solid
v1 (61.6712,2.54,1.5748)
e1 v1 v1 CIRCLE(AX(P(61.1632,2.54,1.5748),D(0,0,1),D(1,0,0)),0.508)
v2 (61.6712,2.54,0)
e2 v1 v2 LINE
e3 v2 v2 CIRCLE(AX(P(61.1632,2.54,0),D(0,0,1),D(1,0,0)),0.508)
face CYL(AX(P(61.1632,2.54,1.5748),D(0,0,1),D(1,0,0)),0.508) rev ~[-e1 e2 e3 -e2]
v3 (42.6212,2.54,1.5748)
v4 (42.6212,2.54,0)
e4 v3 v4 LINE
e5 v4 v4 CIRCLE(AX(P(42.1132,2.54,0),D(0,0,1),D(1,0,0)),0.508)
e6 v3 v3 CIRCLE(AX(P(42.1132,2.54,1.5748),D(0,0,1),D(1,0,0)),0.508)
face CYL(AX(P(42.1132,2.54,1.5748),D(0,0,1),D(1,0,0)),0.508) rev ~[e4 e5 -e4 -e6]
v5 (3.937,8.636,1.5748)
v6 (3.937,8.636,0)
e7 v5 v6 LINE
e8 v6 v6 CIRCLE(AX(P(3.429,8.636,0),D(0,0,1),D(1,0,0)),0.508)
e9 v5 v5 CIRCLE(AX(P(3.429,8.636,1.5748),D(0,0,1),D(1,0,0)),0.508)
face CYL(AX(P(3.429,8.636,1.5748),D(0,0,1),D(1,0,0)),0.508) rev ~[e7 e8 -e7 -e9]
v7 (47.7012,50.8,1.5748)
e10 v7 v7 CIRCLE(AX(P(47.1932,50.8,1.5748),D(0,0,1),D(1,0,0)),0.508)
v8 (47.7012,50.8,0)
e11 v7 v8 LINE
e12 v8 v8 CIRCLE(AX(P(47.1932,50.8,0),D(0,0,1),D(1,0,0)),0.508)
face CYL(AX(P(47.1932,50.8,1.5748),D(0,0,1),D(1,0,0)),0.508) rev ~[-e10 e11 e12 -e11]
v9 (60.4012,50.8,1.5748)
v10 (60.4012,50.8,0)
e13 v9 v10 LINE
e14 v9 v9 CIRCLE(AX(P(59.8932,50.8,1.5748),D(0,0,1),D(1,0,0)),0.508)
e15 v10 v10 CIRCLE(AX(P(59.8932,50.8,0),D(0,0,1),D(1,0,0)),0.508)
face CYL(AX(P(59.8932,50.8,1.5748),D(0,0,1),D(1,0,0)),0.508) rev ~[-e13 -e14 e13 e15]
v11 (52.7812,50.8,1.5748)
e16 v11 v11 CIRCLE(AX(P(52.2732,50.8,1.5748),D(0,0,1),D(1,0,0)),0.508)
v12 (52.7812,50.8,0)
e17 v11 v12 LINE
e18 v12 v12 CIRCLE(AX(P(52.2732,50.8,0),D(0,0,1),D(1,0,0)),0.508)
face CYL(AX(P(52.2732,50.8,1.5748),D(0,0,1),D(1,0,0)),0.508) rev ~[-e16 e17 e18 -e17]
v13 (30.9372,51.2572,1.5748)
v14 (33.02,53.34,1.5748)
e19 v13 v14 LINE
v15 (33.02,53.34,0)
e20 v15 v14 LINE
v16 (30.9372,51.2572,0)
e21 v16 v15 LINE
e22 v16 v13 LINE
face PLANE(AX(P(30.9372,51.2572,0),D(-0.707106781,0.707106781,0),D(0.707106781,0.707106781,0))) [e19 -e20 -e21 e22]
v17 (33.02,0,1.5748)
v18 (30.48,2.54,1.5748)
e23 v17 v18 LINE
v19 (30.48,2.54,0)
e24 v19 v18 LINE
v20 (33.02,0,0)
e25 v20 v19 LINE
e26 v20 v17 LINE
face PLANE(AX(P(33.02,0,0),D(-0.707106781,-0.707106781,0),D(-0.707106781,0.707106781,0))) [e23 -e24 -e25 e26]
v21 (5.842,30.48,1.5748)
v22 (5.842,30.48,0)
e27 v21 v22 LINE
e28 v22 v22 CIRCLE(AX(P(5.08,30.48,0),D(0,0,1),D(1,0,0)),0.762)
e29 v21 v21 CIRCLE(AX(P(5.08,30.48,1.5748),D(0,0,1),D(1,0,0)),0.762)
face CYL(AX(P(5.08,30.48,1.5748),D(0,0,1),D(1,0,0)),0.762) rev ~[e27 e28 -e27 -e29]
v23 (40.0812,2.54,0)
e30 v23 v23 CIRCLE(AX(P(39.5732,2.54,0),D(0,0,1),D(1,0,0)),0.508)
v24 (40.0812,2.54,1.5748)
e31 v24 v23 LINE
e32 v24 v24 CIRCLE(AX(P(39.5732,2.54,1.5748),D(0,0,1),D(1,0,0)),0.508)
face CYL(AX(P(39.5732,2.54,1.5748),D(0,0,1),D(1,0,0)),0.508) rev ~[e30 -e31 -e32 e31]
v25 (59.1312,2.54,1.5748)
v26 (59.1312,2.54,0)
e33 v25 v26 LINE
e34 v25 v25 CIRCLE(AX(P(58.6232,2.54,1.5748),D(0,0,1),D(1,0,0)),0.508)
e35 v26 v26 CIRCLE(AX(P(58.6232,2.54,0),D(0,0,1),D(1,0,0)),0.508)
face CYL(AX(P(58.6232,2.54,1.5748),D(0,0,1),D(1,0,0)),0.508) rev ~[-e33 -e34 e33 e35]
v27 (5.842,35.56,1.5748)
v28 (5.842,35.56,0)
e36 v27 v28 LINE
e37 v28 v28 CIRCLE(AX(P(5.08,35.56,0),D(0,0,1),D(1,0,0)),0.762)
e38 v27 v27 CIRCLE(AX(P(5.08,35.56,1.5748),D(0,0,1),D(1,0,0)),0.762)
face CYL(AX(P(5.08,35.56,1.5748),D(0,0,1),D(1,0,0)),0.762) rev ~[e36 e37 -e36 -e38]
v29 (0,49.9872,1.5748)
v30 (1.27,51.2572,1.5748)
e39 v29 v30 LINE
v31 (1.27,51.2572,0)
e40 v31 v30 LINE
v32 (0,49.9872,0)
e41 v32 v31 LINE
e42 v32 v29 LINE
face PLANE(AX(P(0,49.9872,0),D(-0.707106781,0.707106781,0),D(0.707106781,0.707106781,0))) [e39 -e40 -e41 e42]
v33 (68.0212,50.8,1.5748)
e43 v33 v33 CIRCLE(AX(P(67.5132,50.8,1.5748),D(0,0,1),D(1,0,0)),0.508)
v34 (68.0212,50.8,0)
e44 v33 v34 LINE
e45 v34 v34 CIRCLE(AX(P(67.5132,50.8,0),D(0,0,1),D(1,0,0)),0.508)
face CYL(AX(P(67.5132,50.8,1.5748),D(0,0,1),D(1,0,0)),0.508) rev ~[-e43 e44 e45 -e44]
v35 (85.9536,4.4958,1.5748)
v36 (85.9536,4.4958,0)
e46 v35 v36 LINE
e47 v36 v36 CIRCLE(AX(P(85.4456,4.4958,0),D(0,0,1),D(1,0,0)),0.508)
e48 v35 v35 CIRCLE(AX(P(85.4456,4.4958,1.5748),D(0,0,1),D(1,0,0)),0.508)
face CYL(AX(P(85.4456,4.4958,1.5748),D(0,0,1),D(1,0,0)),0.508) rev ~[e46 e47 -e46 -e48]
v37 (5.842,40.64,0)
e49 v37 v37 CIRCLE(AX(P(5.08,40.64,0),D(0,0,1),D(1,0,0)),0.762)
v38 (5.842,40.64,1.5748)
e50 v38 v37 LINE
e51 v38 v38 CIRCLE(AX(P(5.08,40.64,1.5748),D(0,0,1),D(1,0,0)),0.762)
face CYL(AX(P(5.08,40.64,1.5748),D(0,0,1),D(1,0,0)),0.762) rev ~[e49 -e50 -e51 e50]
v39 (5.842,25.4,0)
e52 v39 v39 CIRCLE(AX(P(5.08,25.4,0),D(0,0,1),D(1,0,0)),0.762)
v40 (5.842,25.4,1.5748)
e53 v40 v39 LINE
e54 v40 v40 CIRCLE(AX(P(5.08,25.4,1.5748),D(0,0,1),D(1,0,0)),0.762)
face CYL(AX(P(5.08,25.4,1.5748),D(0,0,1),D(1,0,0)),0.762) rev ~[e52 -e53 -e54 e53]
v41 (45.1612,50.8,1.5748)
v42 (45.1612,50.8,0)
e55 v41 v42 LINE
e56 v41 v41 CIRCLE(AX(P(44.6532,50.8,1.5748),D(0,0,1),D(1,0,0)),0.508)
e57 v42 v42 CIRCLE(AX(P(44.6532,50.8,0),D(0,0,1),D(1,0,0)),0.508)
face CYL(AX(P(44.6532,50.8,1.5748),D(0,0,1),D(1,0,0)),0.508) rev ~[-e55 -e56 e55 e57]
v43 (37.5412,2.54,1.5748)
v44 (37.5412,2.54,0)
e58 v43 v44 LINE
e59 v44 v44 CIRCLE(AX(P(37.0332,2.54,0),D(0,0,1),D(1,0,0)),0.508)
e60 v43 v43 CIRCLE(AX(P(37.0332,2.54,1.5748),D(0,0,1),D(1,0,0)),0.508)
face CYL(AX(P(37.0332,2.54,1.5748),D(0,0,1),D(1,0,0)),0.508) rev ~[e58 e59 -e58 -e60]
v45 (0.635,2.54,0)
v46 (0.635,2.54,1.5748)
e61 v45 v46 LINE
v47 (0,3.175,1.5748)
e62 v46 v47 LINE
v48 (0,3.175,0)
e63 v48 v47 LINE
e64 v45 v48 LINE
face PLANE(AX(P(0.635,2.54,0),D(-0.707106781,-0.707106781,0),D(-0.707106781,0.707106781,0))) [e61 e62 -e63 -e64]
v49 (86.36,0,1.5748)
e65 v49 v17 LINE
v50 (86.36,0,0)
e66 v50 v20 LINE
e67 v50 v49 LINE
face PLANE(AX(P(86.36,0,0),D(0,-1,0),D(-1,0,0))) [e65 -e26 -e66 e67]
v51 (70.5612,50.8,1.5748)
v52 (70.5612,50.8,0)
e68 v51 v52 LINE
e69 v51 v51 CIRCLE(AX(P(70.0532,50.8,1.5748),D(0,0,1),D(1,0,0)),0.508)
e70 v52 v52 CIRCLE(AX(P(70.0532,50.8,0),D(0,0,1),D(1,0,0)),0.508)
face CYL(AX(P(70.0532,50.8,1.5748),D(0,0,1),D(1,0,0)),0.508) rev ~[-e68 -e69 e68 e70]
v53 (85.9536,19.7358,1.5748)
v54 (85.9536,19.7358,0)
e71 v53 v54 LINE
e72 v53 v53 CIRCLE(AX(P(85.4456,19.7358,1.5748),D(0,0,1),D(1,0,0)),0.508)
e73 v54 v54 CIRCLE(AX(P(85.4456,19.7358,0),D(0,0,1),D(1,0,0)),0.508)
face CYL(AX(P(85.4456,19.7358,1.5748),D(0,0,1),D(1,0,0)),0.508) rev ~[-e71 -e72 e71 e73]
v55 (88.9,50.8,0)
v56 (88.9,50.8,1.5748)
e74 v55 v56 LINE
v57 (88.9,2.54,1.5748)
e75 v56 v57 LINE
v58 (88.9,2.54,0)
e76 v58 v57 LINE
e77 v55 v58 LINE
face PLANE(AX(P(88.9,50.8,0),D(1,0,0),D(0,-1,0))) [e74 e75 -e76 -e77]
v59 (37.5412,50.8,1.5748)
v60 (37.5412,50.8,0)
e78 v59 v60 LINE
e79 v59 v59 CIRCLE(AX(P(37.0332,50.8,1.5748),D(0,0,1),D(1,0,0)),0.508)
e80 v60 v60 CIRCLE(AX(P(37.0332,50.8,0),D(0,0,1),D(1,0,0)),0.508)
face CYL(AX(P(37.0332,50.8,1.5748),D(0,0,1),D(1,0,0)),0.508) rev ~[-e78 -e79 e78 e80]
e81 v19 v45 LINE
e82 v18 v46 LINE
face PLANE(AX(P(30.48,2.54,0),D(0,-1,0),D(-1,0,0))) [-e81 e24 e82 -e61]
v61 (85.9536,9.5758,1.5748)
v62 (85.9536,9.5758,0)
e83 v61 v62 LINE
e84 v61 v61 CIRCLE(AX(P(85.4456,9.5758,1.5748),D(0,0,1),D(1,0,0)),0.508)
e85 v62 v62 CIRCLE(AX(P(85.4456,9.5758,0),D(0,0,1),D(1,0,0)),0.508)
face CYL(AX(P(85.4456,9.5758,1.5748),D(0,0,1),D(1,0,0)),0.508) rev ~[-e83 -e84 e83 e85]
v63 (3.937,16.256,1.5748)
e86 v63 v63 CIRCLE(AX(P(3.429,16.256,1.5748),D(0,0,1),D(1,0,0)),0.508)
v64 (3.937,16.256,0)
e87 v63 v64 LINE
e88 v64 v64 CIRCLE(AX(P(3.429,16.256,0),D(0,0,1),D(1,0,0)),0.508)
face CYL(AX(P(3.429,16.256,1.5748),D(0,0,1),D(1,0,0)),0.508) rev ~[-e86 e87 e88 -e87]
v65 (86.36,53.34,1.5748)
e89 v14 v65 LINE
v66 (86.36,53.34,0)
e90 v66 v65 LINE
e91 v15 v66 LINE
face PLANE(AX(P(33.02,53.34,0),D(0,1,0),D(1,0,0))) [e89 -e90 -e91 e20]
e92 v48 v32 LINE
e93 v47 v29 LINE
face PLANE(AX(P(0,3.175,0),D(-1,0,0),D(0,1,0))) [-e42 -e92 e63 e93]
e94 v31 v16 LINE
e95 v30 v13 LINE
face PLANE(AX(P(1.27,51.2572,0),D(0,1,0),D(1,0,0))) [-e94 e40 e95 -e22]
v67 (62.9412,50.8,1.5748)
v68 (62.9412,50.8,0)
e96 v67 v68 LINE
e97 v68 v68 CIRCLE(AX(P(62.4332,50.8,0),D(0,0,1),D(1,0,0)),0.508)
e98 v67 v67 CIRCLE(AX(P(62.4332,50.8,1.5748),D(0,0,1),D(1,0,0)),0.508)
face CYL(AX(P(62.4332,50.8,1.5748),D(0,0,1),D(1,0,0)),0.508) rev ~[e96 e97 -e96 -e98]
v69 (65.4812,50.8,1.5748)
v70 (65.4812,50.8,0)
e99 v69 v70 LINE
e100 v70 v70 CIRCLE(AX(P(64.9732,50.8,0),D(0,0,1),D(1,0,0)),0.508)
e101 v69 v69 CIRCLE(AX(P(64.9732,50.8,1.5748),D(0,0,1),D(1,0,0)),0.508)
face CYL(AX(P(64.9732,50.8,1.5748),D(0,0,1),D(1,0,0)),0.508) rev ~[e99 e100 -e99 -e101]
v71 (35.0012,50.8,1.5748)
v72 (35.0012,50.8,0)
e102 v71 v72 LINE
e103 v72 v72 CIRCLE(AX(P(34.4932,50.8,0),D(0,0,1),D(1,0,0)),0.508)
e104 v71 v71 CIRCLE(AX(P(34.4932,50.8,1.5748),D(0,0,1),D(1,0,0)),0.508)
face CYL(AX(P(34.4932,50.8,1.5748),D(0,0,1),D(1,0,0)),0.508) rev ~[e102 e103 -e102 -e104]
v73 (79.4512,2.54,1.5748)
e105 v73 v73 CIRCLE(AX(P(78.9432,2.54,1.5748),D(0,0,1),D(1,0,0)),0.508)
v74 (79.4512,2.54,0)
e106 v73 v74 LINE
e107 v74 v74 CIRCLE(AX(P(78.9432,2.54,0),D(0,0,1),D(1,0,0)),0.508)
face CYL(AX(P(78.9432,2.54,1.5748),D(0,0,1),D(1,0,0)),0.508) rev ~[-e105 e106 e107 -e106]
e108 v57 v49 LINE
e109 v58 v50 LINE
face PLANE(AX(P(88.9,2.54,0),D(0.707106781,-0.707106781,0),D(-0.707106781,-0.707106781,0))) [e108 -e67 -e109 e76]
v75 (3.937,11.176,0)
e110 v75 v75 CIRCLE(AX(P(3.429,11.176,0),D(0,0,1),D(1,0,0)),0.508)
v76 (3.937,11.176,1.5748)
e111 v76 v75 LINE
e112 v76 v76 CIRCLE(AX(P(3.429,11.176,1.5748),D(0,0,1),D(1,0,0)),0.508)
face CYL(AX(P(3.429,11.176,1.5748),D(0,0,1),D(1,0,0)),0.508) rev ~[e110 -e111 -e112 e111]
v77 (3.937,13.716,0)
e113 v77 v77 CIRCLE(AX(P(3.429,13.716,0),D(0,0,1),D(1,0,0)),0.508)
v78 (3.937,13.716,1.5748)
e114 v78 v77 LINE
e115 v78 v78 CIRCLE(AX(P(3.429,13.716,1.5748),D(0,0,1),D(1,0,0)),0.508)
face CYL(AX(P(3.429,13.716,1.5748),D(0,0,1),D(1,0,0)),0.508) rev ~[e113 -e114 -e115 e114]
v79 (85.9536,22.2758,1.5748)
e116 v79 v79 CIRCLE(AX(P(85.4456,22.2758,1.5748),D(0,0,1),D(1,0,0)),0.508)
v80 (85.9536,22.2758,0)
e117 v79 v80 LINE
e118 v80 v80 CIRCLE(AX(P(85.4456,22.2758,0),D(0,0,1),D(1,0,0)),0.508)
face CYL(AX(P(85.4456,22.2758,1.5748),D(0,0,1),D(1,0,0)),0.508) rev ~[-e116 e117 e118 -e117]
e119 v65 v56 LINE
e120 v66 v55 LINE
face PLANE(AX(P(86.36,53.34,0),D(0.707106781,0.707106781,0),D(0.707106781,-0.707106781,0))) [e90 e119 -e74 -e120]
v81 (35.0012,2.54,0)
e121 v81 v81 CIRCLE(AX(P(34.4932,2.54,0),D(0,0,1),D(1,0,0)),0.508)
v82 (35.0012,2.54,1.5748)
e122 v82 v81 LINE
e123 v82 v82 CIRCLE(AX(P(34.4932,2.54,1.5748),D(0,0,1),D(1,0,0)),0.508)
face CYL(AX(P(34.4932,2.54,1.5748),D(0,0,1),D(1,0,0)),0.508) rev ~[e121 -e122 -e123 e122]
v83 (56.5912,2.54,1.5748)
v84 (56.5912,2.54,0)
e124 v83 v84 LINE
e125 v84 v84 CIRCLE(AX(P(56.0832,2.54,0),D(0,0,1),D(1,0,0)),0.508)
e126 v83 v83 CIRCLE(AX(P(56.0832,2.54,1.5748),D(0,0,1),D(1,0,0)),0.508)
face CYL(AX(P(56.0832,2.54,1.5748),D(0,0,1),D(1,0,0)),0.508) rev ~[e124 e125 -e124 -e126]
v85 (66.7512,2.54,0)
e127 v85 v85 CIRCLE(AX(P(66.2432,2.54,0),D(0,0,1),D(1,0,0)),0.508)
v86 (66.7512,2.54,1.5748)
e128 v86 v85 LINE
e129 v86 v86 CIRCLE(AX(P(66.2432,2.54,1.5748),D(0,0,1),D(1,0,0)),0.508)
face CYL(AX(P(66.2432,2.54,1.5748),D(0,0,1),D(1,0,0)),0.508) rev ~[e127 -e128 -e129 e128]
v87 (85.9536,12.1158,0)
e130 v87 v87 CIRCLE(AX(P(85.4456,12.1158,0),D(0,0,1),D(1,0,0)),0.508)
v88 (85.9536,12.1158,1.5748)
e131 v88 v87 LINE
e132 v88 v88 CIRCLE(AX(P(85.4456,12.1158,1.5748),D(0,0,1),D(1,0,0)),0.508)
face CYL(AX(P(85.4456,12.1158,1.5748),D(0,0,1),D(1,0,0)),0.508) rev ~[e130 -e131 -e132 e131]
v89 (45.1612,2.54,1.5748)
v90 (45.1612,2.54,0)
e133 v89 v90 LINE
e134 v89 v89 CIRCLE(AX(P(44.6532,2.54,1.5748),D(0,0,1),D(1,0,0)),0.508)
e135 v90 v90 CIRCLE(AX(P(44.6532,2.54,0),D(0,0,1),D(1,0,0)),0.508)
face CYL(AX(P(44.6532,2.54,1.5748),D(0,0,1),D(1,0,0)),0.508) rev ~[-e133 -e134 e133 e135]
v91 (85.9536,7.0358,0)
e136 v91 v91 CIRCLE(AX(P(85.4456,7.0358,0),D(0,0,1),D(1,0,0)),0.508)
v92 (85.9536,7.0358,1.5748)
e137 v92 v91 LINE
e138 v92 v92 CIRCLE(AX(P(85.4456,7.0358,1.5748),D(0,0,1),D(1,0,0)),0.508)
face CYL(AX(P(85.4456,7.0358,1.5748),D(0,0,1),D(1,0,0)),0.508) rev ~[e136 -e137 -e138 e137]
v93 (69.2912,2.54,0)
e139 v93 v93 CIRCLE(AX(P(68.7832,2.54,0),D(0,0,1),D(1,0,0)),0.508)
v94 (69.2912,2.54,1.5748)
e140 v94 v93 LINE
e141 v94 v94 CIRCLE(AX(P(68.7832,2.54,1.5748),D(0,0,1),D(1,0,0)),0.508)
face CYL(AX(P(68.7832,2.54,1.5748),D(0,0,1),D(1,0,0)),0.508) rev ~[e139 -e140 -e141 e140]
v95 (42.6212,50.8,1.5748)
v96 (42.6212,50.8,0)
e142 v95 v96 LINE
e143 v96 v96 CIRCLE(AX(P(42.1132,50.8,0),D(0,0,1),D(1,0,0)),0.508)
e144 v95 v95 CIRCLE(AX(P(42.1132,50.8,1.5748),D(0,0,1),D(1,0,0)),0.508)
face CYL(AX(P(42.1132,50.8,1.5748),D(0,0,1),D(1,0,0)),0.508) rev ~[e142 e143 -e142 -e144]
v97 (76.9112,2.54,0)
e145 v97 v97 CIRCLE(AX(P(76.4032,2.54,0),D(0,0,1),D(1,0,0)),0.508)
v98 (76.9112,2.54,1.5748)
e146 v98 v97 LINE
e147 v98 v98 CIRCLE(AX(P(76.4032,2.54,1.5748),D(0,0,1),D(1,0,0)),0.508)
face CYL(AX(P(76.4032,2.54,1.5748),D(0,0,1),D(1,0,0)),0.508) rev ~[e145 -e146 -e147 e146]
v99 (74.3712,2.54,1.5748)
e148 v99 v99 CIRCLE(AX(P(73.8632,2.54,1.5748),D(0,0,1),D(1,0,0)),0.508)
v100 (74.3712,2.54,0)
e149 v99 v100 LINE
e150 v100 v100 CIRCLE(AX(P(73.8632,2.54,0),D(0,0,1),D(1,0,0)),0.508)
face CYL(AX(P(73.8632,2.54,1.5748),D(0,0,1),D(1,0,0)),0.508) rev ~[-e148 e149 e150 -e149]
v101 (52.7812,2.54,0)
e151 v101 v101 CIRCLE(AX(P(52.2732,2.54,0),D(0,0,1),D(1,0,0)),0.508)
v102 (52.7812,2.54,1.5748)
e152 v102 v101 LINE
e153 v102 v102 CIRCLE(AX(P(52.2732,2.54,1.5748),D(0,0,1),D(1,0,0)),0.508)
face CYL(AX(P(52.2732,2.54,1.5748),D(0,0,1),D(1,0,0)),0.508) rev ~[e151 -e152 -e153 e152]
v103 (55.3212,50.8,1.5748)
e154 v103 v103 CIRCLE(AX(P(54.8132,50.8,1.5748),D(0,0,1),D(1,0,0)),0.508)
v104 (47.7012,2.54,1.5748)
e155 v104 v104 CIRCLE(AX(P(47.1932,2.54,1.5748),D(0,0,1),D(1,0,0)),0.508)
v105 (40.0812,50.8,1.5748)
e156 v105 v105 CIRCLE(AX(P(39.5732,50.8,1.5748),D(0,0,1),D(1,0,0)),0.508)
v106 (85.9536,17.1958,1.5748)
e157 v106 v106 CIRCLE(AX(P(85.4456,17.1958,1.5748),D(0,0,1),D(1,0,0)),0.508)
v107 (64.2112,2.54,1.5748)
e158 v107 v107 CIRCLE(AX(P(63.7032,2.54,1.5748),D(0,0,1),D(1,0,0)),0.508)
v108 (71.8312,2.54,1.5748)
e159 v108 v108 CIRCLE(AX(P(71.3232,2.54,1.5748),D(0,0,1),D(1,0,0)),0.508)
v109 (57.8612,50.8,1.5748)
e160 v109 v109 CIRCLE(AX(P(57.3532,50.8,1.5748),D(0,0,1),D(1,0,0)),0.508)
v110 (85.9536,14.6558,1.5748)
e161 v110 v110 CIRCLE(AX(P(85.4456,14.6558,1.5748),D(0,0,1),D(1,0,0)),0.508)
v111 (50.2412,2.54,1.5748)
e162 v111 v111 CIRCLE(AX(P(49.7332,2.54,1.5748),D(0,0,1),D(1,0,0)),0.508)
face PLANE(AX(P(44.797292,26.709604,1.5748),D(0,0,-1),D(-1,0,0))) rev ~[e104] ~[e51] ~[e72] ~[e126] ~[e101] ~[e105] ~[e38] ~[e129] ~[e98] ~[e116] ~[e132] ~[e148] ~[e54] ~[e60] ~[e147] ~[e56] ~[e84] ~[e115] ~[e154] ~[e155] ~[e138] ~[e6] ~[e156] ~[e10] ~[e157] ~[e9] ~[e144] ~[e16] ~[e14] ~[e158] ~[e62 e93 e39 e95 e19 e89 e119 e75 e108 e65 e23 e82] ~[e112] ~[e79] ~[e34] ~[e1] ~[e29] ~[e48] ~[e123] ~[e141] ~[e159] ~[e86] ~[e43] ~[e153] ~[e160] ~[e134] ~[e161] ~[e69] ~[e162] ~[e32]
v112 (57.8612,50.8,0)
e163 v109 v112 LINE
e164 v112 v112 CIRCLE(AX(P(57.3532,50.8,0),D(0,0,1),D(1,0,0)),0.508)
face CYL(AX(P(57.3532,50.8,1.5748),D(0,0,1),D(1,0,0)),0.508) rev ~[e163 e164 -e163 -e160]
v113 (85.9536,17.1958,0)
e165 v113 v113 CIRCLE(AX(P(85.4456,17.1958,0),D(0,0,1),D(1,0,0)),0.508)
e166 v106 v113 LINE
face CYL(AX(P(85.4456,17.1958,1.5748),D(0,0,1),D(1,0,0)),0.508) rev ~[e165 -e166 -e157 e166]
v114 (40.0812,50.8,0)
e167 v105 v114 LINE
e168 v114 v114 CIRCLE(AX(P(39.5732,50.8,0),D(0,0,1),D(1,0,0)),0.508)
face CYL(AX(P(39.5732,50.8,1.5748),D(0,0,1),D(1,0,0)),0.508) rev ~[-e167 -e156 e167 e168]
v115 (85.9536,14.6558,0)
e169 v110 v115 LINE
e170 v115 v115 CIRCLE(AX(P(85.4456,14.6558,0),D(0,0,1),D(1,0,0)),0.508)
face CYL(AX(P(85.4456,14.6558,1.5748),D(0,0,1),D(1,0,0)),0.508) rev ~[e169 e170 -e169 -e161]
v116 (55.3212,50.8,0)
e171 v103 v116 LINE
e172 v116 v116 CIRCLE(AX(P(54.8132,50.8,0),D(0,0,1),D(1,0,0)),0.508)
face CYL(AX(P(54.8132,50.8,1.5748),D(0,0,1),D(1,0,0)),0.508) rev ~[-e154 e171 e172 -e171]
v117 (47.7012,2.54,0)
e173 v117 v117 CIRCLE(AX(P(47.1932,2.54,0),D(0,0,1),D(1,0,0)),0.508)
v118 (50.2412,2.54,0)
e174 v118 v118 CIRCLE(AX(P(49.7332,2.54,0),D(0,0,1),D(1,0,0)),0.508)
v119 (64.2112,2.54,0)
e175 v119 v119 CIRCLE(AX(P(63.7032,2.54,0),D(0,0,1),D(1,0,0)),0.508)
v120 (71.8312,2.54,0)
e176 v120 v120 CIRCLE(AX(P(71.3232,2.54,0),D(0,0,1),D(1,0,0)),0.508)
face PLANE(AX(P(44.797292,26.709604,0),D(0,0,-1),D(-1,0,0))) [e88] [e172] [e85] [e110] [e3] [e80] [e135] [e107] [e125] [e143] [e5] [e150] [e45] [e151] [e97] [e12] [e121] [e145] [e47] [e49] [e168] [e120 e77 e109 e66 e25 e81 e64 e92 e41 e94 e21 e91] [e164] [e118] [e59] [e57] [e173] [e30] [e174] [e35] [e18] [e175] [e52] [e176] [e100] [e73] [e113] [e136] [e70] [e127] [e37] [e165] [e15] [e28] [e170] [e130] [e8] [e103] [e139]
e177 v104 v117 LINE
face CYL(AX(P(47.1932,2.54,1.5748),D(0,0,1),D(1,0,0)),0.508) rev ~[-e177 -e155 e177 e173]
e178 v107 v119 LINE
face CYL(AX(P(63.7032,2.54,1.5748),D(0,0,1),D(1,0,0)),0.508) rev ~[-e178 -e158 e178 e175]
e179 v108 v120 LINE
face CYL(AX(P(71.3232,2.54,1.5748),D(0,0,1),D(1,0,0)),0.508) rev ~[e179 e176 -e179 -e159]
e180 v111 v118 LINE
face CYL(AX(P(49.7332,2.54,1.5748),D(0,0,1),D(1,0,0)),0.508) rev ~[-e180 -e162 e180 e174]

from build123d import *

# Parameters (mm, degrees)
BOSS_EXTRUDE1_DEPTH = 1.5748
SKETCH2_R           = 0.508
SKETCH2_R_2         = 0.762
CUT_EXTRUDE1_DEPTH  = 104.686284508


with BuildPart() as part:
    # Sketch1 → Boss-Extrude1 (new body)
    with BuildSketch(Plane.XY):
        Polygon((0, 49.9872), (1.27, 51.2572), (30.9372, 51.2572), (33.02, 53.34), (86.36, 53.34), (88.9, 50.8), (88.9, 2.54), (86.36, 0), (33.02, 0), (30.48, 2.54), (0.635, 2.54), (0, 3.175), align=None)
    extrude(amount=BOSS_EXTRUDE1_DEPTH)

    # Sketch2 → Cut-Extrude1 (cut, through all)
    with BuildSketch(Plane.XY.offset(1.5748)):
        with Locations((3.429, 8.636)):
            Circle(SKETCH2_R)
        with Locations((3.429, 11.176)):
            Circle(SKETCH2_R)
        with Locations((3.429, 13.716)):
            Circle(SKETCH2_R)
        with Locations((3.429, 16.256)):
            Circle(SKETCH2_R)
        with Locations((5.08, 25.4)):
            Circle(SKETCH2_R_2)
        with Locations((5.08, 30.48)):
            Circle(SKETCH2_R_2)
        with Locations((5.08, 35.56)):
            Circle(SKETCH2_R_2)
        with Locations((5.08, 40.64)):
            Circle(SKETCH2_R_2)
        with Locations((85.4456, 4.4958)):
            Circle(SKETCH2_R)
        with Locations((85.4456, 7.0358)):
            Circle(SKETCH2_R)
        with Locations((85.4456, 9.5758)):
            Circle(SKETCH2_R)
        with Locations((85.4456, 12.1158)):
            Circle(SKETCH2_R)
        with Locations((85.4456, 14.6558)):
            Circle(SKETCH2_R)
        with Locations((85.4456, 17.1958)):
            Circle(SKETCH2_R)
        with Locations((85.4456, 19.7358)):
            Circle(SKETCH2_R)
        with Locations((85.4456, 22.2758)):
            Circle(SKETCH2_R)
        with Locations((34.4932, 50.8)):
            Circle(SKETCH2_R)
        with Locations((37.0332, 50.8)):
            Circle(SKETCH2_R)
        with Locations((39.5732, 50.8)):
            Circle(SKETCH2_R)
        with Locations((42.1132, 50.8)):
            Circle(SKETCH2_R)
        with Locations((44.6532, 50.8)):
            Circle(SKETCH2_R)
        with Locations((47.1932, 50.8)):
            Circle(SKETCH2_R)
        with Locations((52.2732, 50.8)):
            Circle(SKETCH2_R)
        with Locations((54.8132, 50.8)):
            Circle(SKETCH2_R)
        with Locations((57.3532, 50.8)):
            Circle(SKETCH2_R)
        with Locations((59.8932, 50.8)):
            Circle(SKETCH2_R)
        with Locations((62.4332, 50.8)):
            Circle(SKETCH2_R)
        with Locations((64.9732, 50.8)):
            Circle(SKETCH2_R)
        with Locations((67.5132, 50.8)):
            Circle(SKETCH2_R)
        with Locations((70.0532, 50.8)):
            Circle(SKETCH2_R)
        with Locations((34.4932, 2.54)):
            Circle(SKETCH2_R)
        with Locations((37.0332, 2.54)):
            Circle(SKETCH2_R)
        with Locations((39.5732, 2.54)):
            Circle(SKETCH2_R)
        with Locations((42.1132, 2.54)):
            Circle(SKETCH2_R)
        with Locations((44.6532, 2.54)):
            Circle(SKETCH2_R)
        with Locations((47.1932, 2.54)):
            Circle(SKETCH2_R)
        with Locations((49.7332, 2.54)):
            Circle(SKETCH2_R)
        with Locations((52.2732, 2.54)):
            Circle(SKETCH2_R)
        with Locations((56.0832, 2.54)):
            Circle(SKETCH2_R)
        with Locations((58.6232, 2.54)):
            Circle(SKETCH2_R)
        with Locations((61.1632, 2.54)):
            Circle(SKETCH2_R)
        with Locations((63.7032, 2.54)):
            Circle(SKETCH2_R)
        with Locations((66.2432, 2.54)):
            Circle(SKETCH2_R)
        with Locations((68.7832, 2.54)):
            Circle(SKETCH2_R)
        with Locations((71.3232, 2.54)):
            Circle(SKETCH2_R)
        with Locations((73.8632, 2.54)):
            Circle(SKETCH2_R)
        with Locations((76.4032, 2.54)):
            Circle(SKETCH2_R)
        with Locations((78.9432, 2.54)):
            Circle(SKETCH2_R)
    extrude(amount=-CUT_EXTRUDE1_DEPTH, mode=Mode.SUBTRACT)


solid = part.part
